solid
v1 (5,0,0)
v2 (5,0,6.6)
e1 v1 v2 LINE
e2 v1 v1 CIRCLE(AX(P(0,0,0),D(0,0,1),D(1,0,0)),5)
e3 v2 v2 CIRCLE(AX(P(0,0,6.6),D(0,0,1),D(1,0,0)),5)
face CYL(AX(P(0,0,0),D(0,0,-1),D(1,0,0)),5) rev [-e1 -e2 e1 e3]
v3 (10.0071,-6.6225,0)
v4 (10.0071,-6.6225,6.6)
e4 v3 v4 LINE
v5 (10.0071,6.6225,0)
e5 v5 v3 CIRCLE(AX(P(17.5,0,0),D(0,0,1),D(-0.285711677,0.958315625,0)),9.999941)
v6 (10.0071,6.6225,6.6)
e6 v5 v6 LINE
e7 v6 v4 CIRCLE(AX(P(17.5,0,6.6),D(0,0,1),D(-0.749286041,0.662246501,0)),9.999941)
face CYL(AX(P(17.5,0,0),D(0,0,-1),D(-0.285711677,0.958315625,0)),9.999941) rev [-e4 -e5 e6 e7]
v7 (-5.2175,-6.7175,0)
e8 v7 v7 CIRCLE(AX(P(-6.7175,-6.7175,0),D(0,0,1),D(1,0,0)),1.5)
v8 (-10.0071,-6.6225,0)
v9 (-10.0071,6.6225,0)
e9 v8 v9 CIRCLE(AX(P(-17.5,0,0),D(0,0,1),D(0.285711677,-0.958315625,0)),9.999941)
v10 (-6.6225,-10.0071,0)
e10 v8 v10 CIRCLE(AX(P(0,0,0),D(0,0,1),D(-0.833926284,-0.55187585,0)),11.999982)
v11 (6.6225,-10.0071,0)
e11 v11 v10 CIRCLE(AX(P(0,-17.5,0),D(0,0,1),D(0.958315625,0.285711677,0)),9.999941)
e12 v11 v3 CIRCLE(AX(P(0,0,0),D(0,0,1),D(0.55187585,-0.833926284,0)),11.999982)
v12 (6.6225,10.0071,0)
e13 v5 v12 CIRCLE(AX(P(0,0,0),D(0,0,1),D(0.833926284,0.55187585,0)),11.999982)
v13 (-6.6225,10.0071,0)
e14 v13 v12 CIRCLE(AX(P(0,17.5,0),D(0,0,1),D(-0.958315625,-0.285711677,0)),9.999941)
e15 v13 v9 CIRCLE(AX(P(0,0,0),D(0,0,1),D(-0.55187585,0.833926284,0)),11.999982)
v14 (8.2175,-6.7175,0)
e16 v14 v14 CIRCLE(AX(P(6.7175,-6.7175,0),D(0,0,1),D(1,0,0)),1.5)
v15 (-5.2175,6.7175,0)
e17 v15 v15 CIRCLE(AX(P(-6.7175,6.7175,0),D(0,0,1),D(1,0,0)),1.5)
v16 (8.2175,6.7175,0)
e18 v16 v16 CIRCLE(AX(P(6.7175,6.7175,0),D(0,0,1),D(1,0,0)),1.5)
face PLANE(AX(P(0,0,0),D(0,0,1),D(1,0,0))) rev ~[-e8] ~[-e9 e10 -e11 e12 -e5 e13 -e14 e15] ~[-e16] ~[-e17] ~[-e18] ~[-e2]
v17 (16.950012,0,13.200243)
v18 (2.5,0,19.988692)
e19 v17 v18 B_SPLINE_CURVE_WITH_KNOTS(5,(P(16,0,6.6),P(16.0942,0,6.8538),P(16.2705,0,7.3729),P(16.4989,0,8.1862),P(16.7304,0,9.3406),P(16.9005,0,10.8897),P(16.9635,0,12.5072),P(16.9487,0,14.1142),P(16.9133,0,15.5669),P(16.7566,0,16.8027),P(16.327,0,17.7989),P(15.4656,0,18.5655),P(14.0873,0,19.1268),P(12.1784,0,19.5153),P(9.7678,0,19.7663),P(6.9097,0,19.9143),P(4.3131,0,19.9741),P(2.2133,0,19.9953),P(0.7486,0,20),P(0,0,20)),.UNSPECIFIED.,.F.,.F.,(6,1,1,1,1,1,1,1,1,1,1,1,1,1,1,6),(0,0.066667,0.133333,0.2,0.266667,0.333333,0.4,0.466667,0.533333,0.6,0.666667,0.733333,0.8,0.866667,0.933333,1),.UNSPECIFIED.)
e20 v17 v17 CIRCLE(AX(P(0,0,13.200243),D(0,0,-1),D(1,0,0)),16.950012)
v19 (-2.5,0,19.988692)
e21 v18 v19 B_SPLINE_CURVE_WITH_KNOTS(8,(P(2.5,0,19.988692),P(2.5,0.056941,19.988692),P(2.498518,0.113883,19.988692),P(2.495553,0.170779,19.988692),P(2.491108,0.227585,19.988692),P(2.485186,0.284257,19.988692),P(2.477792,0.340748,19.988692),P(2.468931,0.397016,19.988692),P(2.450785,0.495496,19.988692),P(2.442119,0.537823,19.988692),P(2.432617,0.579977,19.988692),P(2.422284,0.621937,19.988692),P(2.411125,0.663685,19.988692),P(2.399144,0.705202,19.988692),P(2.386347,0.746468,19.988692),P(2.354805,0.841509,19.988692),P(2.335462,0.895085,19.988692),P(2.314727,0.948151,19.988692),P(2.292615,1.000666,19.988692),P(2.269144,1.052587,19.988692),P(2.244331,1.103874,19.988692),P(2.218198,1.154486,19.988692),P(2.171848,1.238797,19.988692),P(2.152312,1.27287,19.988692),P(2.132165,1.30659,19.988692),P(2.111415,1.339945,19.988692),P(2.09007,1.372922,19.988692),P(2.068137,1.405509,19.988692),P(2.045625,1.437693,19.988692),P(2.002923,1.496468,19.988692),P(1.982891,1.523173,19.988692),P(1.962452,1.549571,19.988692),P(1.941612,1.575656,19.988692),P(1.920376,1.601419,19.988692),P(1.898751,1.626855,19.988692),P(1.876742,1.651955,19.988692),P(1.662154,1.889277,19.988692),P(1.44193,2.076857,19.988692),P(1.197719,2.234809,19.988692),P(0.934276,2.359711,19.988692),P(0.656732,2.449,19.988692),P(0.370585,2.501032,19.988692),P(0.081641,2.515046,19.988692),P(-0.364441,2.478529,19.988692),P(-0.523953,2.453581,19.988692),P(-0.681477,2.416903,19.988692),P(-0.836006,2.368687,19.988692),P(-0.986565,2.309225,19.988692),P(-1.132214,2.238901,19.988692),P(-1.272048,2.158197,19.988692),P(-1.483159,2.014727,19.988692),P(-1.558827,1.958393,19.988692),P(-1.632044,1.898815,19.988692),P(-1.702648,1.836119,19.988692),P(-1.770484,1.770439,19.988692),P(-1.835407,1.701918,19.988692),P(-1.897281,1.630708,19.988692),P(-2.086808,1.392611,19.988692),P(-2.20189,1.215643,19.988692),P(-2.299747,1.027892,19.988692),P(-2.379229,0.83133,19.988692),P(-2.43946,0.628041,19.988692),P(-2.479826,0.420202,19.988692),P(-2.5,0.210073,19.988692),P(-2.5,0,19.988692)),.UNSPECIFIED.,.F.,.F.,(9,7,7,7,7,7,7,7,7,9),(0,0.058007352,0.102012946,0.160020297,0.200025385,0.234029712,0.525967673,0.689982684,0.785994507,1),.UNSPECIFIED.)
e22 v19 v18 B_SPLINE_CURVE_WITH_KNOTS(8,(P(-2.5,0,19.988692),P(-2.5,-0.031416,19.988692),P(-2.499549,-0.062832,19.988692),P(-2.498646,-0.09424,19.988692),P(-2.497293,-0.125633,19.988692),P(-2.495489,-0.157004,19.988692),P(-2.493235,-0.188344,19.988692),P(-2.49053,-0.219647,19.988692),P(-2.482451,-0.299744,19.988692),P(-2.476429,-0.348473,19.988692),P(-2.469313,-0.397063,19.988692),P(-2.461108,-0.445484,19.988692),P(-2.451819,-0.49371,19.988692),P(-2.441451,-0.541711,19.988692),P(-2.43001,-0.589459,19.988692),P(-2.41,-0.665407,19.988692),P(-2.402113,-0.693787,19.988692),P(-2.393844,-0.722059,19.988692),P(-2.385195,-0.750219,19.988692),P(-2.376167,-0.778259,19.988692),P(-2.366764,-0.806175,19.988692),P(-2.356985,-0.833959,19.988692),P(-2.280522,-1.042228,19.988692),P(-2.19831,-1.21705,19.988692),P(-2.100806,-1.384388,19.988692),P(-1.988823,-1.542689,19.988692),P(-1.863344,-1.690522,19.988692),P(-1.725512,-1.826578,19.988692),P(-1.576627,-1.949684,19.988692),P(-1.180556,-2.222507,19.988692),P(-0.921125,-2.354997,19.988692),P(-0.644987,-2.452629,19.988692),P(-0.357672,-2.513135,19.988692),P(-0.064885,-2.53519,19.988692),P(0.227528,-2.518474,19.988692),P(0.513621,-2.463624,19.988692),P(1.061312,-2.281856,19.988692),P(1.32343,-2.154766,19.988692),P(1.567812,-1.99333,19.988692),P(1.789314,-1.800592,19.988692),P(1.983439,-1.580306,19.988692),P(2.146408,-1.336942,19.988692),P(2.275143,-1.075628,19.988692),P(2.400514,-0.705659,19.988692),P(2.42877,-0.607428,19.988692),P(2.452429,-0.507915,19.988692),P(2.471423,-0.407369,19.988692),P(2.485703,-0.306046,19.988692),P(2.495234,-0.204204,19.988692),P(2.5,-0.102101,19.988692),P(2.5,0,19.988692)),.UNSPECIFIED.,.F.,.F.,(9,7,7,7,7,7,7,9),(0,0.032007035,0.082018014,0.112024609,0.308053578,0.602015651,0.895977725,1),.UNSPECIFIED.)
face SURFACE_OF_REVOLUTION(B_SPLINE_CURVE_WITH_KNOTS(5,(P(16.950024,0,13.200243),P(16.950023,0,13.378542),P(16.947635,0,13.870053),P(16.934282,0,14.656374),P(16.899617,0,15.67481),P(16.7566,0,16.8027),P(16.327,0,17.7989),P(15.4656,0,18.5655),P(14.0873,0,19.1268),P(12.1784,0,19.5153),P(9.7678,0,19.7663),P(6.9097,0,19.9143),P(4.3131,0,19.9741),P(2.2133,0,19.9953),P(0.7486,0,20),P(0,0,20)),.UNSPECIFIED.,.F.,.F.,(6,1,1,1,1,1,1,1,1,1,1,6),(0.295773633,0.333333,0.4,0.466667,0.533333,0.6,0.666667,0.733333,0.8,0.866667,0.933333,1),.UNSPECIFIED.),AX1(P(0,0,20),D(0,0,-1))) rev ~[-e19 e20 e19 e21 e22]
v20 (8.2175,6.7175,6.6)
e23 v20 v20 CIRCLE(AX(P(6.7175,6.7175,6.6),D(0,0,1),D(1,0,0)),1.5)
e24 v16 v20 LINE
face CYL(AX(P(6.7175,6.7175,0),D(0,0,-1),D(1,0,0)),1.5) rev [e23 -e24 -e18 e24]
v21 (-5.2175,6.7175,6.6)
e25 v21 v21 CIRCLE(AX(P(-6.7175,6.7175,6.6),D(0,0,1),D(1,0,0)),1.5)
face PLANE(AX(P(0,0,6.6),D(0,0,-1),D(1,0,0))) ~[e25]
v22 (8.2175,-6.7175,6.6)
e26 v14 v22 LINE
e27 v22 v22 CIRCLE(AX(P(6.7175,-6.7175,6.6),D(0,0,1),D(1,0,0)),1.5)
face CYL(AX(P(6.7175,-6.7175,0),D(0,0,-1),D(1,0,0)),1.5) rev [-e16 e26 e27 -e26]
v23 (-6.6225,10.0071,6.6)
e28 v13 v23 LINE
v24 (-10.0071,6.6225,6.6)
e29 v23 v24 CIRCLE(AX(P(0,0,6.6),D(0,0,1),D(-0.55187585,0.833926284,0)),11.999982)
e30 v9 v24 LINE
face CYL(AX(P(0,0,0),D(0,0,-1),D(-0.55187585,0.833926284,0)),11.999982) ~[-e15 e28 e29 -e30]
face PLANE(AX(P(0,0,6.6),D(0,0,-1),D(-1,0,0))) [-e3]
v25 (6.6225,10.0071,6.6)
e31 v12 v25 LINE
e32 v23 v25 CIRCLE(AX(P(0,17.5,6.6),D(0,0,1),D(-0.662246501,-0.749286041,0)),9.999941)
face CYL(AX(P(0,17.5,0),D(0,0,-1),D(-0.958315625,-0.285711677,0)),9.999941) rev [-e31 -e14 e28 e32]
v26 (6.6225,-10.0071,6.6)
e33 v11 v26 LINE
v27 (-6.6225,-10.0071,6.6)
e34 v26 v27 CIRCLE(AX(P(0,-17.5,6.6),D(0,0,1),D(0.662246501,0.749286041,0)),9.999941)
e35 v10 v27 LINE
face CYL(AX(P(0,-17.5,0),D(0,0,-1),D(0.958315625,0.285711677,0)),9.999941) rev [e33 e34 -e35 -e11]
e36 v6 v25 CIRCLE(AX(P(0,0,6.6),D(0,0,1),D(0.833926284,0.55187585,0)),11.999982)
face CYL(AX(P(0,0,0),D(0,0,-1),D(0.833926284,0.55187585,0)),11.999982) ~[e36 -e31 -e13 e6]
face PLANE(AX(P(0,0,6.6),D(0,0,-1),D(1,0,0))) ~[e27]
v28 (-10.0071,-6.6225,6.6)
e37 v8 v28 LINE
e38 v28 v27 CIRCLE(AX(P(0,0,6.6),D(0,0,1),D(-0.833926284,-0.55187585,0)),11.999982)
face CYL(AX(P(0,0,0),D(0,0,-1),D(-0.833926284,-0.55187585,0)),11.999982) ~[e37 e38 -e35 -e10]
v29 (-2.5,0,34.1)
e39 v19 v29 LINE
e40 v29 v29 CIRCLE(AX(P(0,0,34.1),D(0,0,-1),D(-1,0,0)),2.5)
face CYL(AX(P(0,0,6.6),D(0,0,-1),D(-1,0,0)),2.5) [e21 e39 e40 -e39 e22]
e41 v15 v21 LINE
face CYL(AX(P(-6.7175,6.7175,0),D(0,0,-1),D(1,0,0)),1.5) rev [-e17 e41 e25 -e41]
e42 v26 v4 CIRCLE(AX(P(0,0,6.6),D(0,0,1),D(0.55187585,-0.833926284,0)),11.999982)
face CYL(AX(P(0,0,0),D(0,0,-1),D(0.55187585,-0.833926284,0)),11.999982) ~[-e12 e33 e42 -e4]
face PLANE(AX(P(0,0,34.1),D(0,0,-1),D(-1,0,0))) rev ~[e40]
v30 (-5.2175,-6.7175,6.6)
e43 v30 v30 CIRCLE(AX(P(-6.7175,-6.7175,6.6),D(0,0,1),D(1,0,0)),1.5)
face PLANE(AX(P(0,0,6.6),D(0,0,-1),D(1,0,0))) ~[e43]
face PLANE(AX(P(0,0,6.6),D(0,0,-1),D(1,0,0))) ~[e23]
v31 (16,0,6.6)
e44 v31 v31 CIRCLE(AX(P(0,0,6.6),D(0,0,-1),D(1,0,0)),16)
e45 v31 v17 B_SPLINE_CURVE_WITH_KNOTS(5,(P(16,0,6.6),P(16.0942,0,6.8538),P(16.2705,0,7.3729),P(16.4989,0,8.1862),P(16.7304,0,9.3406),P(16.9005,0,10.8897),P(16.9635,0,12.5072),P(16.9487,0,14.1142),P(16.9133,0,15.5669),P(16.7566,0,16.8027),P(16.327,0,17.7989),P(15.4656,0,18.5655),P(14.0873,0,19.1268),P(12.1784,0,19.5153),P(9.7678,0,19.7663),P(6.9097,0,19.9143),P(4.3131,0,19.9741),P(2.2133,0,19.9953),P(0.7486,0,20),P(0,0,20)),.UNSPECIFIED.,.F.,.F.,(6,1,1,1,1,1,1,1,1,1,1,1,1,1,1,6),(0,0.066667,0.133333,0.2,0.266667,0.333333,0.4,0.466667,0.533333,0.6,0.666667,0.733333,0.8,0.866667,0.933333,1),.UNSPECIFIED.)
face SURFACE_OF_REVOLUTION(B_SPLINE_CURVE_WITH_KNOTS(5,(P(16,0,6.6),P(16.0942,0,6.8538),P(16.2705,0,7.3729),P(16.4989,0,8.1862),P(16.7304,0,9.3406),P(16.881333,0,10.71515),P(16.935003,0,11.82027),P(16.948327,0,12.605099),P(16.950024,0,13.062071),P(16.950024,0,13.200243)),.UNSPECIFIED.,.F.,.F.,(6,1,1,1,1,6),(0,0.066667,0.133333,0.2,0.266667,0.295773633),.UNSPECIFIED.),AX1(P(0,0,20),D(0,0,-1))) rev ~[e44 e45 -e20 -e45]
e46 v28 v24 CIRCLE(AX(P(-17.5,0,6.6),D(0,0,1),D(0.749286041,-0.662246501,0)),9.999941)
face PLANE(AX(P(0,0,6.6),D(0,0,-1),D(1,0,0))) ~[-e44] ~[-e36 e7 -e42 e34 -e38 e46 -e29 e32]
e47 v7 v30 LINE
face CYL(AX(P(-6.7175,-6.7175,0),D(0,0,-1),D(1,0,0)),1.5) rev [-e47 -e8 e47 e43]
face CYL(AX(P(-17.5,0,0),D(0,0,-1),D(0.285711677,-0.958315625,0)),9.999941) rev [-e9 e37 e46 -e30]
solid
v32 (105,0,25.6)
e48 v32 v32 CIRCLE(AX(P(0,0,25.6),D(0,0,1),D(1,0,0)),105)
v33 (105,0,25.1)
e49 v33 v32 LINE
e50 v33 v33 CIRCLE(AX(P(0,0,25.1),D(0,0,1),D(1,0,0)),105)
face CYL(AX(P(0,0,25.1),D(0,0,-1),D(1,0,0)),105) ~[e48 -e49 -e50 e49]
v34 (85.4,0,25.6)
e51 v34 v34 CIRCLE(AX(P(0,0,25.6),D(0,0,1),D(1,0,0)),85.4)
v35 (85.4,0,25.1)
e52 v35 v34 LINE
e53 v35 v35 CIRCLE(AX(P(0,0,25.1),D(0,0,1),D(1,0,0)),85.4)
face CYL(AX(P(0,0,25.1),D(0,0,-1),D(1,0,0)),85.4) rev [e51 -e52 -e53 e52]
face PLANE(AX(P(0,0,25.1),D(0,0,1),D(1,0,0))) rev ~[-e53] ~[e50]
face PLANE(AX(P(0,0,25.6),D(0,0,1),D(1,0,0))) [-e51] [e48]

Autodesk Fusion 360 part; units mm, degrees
sketch "Skizze1" plane through (0, 0, 0) normal (0, 0, 1) x (1, 0, 0)
  circle A0 centre (0, 0) radius 9.5 construction
  line L0 (-6.7175, 6.7175) -> (6.7175, 6.7175) construction
  line L1 (6.7175, 6.7175) -> (6.7175, -6.7175) construction
  line L2 (6.7175, -6.7175) -> (-6.7175, -6.7175) construction
  line L3 (-6.7175, -6.7175) -> (-6.7175, 6.7175) construction
  line L4 (-6.7175, 6.7175) -> (6.7175, -6.7175) construction
  line L5 (6.7175, 6.7175) -> (-6.7175, -6.7175) construction
  circle A1 centre (-6.7175, 6.7175) radius 1.5
  circle A2 centre (6.7175, 6.7175) radius 1.5
  circle A3 centre (6.7175, -6.7175) radius 1.5
  circle A4 centre (-6.7175, -6.7175) radius 1.5
  circle A5 centre (0, 0) radius 17.5 construction
  line L6 (0, 17.5) -> (0, -17.5) construction
  line L7 (17.5, 0) -> (-17.5, 0) construction
  arc A6 (-9.5831, 14.6429) -> (9.5831, 14.6429) centre (0, 17.5) ccw
  arc A7 (14.6429, 9.5831) -> (14.6429, -9.5831) centre (17.5, 0) ccw
  arc A8 (9.5831, -14.6429) -> (-9.5831, -14.6429) centre (0, -17.5) ccw
  arc A9 (10.0071, 6.6225) -> (6.6225, 10.0071) centre (0, 0) ccw
  arc A10 (-14.6429, -9.5831) -> (-14.6429, 9.5831) centre (-17.5, 0) ccw
  arc A11 (-6.6225, 10.0071) -> (-10.0071, 6.6225) centre (0, 0) ccw
  arc A12 (-10.0071, -6.6225) -> (-6.6225, -10.0071) centre (0, 0) ccw
  arc A13 (6.6225, -10.0071) -> (10.0071, -6.6225) centre (0, 0) ccw
  circle A14 centre (0, 0) radius 5
  dimension "d1" = 19
  dimension "d2" = 3
  dimension "d3" = 35
  dimension "d4" = 20
  dimension "d5" = 10
  dimension "d6" = 12
extrude "Extrusion1" add sketch "Skizze1" along normal blind 6.6 makes body 1
sketch "Skizze3" plane through (0, 0, 0) normal (0, 1, 0) x (1, 0, 0)
  line L0 (-5.2175, -6.6) -> (-8.2175, -6.6)
  line L1 (5, -6.6) -> (-5, -6.6)
  line L2 (-5.2175, -6.6) -> (-8.2175, -6.6)
  line L3 (8.2175, -6.6) -> (5.2175, -6.6)
  line L4 (8.2175, -6.6) -> (5.2175, -6.6)
  line L5 (-10.0071, -6.6) -> (-6.6225, -6.6)
  line L6 (6.6225, -6.6) -> (-6.6225, -6.6)
  line L7 (6.6225, -6.6) -> (10.0071, -6.6)
  line L8 (10.0071, -6.6) -> (7.5, -6.6)
  line L9 (6.6225, -6.6) -> (10.0071, -6.6)
  line L10 (6.6225, -6.6) -> (-6.6225, -6.6)
  line L11 (-10.0071, -6.6) -> (-6.6225, -6.6)
  line L12 (-7.5, -6.6) -> (-10.0071, -6.6)
  line L13 (0, -6.6) -> (16, -6.6)
  spline S0 degree 5 poles (16, -6.6) (16.0942, -6.8538) (16.2705, -7.3729) (16.4989, -8.1862) (16.7304, -9.3406) (16.9005, -10.8897) (16.9635, -12.5072) (16.9487, -14.1142) (16.9133, -15.5669) (16.7566, -16.8027) (16.327, -17.7989) (15.4656, -18.5655) (14.0873, -19.1268) (12.1784, -19.5153) (9.7678, -19.7663) (6.9097, -19.9143) (4.3131, -19.9741) (2.2133, -19.9953) (0.7486, -20) (0, -20) knots 0 0 0 0 0 0 0.066667 0.133333 0.2 0.266667 0.333333 0.4 0.466667 0.533333 0.6 0.666667 0.733333 0.8 0.866667 0.933333 1 1 1 1 1 1
  line L14 (0, -20) -> (0, -6.6)
  line L15 (4.1146, -20) -> (-4.1146, -20)
  line L16 (16.95, -10.2) -> (16.95, -16.2)
  point P0 (16.95, -13.2)
  point P1 (16, -18)
  dimension "d12" = 16.95
  dimension "d13" = 13.4
  dimension "d18" = 6.6
  dimension "d19" = 16
  dimension "d20" = 2
revolve "Drehen1" add sketch "Skizze3" angle 360 about axis through (0, 0, 20) along (0, 0, -1) bodies 1
sketch "Skizze4" plane through (0, 0, 6.6) normal (0, 0, -1) x (-1, 0, 0)
  circle A0 centre (0, 0) radius 5
  circle A1 centre (0, 0) radius 2.5
  dimension "d15" = 5
extrude "Extrusion3" add sketch "Skizze4" against normal blind 27.5 contours A1 bodies 1
ref_plane "Arbeitsebene1" through (0, 0, 25.1) normal (0, 0, 1) x (1, 0, 0)
sketch "Skizze6" plane through (0, 0, 25.1) normal (0, 0, 1) x (1, 0, 0)
  circle A0 centre (0, 0) radius 85.4
  circle A1 centre (0, 0) radius 105
  dimension "d22" = 210
  dimension "d23" = 170.8
extrude "Extrusion5" add sketch "Skizze6" along normal blind 0.5 separate body makes body 2
equation "d12 = ( 33.9 / 2 ) * 1 mm"
